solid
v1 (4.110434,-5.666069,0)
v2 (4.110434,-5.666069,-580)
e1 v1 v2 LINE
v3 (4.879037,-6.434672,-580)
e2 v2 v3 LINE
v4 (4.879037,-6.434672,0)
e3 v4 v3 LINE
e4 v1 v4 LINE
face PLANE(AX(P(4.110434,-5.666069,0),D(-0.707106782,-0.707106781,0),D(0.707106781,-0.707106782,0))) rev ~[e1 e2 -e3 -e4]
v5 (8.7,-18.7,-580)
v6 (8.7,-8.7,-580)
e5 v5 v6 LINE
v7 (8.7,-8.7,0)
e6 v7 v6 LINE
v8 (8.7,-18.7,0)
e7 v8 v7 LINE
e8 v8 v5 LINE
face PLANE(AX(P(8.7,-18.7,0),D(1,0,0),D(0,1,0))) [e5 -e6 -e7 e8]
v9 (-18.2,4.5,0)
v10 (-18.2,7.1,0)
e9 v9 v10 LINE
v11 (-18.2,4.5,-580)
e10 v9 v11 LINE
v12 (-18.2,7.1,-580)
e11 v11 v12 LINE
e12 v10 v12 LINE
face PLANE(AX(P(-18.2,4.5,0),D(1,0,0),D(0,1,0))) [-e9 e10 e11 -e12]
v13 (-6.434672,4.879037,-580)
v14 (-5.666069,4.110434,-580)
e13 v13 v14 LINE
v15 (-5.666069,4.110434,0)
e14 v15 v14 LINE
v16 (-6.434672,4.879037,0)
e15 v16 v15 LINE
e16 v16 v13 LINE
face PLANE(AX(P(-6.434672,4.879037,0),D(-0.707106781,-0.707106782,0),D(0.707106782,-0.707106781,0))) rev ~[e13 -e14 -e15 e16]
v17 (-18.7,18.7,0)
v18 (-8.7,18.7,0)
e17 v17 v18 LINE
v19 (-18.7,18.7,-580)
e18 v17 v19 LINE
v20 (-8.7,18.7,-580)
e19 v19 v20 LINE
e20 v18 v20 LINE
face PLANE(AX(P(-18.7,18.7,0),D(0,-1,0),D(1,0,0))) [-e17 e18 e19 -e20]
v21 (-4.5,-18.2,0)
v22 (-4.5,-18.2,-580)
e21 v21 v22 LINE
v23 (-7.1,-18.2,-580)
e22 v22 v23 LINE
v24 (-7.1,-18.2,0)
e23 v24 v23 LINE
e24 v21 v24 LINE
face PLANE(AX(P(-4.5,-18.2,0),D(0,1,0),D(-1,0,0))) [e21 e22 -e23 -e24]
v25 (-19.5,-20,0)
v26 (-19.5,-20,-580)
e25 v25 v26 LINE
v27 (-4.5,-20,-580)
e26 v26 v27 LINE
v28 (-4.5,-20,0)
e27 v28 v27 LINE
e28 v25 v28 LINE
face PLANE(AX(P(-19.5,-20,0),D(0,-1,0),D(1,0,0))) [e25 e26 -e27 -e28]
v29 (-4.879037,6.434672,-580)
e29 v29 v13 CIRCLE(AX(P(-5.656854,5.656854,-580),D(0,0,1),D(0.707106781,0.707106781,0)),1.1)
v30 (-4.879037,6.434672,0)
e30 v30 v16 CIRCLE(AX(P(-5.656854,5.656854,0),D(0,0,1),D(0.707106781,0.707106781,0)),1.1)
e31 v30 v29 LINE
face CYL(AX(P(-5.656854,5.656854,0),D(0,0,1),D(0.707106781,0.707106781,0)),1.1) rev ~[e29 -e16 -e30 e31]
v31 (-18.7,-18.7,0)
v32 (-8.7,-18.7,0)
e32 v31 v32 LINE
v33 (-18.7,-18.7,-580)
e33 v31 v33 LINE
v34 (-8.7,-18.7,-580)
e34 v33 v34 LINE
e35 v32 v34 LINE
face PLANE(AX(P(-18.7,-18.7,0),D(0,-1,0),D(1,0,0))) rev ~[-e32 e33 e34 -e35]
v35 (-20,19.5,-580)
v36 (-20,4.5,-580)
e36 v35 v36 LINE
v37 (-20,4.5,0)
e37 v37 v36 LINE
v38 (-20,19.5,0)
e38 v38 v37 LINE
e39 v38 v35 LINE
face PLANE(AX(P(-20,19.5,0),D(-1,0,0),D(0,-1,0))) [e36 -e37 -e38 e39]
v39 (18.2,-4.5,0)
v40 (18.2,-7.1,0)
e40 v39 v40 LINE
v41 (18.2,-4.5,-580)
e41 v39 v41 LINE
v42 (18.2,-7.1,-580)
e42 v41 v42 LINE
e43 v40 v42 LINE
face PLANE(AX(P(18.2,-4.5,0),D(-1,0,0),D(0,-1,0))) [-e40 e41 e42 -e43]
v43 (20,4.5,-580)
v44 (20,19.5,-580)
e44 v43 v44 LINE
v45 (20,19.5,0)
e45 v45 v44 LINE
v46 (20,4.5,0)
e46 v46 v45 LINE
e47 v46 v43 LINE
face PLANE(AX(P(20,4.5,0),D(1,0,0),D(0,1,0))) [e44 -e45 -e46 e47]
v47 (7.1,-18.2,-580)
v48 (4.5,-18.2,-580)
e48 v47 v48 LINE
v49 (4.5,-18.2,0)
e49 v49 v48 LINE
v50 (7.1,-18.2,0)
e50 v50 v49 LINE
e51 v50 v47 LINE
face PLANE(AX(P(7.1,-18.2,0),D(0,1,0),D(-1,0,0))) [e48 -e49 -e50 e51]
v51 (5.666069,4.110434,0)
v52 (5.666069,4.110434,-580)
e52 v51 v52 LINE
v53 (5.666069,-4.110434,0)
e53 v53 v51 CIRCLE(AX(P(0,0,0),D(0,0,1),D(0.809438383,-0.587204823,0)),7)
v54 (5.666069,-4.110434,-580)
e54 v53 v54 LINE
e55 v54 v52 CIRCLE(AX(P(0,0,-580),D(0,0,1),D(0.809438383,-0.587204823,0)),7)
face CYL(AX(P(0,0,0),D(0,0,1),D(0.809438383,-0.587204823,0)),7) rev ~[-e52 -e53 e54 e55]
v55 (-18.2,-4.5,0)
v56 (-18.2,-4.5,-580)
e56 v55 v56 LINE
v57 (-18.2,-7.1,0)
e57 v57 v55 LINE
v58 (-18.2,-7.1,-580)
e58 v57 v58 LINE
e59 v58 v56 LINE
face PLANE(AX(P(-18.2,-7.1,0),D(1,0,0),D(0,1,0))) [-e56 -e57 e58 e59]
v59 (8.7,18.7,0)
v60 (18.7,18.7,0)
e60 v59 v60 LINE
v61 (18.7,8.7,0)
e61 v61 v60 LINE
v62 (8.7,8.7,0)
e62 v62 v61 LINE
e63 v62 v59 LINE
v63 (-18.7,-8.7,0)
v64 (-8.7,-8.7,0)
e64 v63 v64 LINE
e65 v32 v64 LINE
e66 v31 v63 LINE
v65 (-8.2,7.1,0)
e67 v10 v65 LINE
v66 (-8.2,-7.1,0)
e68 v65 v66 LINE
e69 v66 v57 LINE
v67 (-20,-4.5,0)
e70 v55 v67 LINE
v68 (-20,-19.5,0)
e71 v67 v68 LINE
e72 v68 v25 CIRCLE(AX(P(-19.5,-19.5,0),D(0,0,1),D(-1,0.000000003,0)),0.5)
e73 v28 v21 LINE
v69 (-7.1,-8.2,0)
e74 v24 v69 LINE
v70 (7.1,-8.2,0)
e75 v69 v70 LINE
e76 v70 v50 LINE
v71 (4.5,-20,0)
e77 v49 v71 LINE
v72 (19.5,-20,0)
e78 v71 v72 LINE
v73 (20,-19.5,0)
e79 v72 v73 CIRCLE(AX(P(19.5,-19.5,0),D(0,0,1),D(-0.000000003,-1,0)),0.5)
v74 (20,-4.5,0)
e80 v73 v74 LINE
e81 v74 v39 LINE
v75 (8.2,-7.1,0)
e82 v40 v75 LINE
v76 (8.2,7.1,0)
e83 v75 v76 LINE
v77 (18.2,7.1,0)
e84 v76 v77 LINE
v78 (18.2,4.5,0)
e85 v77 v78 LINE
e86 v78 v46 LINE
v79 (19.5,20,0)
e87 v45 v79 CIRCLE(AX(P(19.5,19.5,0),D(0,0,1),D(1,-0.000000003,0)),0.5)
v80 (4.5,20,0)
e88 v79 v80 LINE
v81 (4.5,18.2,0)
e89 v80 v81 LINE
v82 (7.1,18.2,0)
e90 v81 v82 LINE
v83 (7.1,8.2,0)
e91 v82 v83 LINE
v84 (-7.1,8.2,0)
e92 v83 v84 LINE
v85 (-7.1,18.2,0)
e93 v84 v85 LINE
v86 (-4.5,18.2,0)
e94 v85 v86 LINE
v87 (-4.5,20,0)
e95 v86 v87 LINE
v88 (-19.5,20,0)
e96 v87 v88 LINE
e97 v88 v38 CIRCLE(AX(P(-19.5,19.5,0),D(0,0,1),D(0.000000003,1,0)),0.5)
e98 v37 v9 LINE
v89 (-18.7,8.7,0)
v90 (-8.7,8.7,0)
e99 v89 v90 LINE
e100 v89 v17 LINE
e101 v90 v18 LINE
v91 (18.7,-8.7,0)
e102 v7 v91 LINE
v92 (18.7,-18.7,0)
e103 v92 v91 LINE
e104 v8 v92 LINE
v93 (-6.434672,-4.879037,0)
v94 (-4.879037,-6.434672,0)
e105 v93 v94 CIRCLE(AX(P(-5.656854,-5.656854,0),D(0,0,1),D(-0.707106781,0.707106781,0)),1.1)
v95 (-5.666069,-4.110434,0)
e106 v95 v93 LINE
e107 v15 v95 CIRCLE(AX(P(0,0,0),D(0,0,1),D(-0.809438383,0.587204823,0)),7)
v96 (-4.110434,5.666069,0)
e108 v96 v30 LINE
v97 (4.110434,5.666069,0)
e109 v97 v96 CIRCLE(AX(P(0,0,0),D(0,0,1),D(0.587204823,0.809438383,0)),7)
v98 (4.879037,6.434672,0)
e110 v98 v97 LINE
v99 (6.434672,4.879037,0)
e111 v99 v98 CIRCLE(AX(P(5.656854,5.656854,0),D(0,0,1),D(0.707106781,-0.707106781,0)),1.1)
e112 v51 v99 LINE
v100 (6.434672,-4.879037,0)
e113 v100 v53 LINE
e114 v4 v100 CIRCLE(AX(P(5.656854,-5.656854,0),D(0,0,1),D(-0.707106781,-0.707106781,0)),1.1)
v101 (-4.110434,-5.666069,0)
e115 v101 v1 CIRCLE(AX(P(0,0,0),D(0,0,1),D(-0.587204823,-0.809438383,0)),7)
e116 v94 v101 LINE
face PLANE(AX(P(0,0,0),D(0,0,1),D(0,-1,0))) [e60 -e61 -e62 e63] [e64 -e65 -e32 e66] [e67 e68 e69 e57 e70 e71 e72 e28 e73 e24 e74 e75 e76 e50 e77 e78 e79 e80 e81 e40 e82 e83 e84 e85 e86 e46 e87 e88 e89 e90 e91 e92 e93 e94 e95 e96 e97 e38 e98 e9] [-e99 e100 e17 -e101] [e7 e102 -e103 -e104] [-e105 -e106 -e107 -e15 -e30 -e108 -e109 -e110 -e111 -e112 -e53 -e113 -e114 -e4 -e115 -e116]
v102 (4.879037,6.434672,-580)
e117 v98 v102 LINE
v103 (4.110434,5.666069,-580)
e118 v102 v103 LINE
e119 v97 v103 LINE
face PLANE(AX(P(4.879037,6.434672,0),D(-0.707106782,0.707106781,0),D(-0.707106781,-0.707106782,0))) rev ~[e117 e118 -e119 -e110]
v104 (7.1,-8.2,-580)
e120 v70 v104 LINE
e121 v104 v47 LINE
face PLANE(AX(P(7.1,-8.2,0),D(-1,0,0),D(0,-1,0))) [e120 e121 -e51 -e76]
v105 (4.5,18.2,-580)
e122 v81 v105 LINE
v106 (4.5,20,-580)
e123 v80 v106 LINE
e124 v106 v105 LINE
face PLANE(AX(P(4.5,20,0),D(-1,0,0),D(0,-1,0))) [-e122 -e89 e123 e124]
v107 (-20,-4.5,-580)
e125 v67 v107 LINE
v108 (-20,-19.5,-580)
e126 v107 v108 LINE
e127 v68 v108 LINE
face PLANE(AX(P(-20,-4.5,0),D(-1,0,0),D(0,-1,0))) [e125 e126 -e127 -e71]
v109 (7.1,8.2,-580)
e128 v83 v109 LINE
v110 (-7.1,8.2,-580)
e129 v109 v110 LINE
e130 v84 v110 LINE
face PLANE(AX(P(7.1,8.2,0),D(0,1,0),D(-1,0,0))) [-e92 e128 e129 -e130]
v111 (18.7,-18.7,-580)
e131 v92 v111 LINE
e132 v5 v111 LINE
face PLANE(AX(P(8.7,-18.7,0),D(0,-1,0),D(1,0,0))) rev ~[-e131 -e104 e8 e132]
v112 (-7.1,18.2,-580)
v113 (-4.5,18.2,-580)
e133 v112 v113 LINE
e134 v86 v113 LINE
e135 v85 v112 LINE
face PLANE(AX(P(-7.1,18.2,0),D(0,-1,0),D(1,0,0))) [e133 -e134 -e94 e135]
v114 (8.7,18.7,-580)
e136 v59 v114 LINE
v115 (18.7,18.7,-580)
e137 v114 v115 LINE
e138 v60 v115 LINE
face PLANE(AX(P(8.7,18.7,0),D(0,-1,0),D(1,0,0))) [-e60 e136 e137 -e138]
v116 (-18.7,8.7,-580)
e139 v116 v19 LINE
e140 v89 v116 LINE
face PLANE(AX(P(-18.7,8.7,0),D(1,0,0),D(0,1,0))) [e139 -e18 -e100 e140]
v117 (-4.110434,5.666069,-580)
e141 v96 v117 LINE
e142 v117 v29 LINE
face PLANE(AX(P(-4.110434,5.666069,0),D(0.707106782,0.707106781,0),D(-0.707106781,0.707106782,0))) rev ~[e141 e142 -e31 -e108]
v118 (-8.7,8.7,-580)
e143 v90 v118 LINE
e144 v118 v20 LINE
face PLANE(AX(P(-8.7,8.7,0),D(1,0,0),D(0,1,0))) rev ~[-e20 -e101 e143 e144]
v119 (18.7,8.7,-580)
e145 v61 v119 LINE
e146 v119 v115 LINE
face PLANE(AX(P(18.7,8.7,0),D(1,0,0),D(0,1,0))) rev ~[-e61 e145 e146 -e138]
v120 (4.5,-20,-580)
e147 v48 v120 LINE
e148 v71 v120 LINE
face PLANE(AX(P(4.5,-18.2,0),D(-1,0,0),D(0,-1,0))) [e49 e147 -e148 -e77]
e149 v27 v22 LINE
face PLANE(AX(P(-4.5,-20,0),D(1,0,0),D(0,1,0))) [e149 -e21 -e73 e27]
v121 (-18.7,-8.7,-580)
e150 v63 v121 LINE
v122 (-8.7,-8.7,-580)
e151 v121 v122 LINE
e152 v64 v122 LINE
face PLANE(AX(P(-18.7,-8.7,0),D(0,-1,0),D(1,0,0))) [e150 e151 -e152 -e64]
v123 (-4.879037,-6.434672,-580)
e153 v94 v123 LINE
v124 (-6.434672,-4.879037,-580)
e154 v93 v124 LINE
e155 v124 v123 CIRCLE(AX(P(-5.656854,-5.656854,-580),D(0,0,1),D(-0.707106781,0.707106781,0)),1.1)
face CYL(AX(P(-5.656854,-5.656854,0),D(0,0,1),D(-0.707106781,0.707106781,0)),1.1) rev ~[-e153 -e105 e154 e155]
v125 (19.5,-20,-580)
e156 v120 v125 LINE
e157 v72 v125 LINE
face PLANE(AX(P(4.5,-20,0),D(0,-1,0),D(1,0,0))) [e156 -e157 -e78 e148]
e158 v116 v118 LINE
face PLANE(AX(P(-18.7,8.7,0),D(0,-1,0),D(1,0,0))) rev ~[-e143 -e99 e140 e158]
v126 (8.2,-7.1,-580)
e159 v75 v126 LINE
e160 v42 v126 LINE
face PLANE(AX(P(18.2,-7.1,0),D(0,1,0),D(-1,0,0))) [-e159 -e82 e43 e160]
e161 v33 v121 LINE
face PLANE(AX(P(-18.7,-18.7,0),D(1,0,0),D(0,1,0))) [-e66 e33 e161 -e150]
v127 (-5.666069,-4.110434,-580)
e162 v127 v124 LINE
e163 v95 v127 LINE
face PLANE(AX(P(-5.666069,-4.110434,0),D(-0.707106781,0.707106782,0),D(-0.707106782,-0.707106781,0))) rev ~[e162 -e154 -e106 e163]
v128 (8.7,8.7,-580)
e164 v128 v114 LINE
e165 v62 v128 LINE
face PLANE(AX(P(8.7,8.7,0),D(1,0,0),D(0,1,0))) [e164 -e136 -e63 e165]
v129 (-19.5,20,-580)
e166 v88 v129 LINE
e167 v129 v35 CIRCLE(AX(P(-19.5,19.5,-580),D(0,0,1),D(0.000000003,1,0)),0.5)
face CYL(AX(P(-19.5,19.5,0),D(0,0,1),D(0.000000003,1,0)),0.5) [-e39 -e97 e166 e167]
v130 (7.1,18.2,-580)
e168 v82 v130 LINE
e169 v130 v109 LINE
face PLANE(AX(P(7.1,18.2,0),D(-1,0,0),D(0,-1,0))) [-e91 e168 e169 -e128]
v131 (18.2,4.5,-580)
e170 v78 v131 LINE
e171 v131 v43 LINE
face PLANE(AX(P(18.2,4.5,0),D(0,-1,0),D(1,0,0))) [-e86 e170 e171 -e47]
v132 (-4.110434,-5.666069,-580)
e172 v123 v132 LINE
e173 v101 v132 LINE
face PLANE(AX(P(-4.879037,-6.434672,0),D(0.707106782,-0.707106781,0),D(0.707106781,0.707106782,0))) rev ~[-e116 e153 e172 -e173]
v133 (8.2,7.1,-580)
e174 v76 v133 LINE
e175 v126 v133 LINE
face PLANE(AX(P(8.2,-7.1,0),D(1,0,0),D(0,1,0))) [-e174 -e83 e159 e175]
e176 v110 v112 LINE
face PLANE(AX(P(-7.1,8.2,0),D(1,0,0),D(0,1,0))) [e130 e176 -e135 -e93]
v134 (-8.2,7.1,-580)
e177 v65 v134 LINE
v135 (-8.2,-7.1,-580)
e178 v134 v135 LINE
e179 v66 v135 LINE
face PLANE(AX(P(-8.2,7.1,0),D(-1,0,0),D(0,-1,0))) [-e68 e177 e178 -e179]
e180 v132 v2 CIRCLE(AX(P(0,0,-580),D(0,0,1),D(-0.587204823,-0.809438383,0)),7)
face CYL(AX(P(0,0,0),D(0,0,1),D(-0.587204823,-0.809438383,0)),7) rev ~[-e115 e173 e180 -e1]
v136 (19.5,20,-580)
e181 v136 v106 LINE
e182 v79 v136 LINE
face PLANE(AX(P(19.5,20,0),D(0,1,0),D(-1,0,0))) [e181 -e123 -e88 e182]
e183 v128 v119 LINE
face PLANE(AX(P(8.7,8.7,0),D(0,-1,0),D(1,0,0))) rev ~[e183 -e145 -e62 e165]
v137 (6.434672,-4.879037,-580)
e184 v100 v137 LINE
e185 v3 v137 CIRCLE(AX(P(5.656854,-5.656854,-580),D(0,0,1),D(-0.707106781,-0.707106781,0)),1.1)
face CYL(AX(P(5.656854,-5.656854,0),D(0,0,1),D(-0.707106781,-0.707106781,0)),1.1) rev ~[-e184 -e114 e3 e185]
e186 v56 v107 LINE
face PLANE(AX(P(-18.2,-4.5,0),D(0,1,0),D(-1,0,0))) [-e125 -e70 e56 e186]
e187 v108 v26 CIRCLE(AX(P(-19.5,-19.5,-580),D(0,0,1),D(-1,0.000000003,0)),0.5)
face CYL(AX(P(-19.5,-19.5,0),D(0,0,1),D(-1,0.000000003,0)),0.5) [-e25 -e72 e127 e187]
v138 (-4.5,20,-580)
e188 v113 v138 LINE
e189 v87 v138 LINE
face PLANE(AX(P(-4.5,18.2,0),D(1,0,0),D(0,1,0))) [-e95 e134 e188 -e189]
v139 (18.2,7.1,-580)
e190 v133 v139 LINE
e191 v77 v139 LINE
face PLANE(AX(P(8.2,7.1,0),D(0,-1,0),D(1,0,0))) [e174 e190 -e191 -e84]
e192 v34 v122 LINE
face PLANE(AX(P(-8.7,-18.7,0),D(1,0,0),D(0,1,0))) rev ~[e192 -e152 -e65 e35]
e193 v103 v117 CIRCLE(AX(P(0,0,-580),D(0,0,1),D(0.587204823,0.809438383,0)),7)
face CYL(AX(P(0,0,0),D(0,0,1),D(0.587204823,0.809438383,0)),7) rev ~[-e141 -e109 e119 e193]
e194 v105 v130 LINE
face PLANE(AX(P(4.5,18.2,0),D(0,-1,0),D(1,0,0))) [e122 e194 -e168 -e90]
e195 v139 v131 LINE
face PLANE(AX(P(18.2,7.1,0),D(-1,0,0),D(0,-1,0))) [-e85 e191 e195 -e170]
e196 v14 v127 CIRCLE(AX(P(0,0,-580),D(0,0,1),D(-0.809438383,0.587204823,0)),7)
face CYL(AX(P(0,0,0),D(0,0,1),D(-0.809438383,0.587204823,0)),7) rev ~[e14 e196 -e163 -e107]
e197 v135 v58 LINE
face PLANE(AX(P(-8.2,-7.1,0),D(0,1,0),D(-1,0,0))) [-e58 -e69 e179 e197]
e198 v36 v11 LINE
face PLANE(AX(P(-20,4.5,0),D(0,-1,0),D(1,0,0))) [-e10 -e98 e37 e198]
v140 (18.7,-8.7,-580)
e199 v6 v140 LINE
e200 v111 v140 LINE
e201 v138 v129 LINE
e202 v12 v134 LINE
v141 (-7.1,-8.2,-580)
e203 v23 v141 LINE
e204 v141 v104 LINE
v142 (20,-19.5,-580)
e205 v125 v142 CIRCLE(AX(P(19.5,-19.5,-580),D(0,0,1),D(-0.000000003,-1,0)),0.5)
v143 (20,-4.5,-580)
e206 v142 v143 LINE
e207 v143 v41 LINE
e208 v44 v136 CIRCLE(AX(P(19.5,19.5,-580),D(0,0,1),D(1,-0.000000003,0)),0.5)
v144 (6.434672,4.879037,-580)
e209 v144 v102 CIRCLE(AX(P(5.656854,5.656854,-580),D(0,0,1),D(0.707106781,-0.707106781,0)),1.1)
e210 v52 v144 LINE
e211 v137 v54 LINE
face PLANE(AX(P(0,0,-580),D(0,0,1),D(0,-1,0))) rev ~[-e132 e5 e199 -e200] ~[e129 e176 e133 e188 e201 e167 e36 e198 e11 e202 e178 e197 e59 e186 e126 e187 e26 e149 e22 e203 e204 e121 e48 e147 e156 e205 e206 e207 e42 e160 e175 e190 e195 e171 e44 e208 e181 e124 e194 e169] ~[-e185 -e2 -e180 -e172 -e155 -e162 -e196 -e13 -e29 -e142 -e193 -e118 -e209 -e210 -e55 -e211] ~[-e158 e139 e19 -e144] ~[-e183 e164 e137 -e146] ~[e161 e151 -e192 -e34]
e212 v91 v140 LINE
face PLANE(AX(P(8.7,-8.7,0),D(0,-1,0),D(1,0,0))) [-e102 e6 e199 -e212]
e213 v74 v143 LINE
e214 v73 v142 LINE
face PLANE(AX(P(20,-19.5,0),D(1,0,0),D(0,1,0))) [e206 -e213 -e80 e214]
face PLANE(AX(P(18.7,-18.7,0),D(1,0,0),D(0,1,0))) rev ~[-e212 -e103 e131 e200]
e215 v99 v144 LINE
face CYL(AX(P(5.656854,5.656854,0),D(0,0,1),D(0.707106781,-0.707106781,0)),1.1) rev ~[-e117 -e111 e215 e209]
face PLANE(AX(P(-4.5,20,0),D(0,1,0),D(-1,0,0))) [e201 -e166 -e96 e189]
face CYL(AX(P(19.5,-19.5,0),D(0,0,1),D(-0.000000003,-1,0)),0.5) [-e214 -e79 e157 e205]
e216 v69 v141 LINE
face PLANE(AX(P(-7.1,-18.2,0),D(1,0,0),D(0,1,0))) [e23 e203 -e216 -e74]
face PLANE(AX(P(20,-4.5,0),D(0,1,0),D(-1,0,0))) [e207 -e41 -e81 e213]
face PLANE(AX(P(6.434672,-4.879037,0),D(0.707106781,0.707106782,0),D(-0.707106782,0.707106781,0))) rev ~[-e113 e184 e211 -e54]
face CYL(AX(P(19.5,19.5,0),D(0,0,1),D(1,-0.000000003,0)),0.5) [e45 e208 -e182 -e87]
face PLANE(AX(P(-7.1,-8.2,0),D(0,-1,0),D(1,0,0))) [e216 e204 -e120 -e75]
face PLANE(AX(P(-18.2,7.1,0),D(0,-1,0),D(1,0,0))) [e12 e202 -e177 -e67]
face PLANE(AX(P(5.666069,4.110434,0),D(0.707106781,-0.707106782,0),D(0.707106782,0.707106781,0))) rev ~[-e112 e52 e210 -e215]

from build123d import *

# Parameters (mm, degrees)
SKETCH1_W                 = 10
SKETCH1_H                 = 10
F_40_X_40A_X_R0_5_1_DEPTH = 580


with BuildPart() as part:
    # Sketch1 → 铝型材 40 X 40A X R0.5(1) (new body)
    with BuildSketch(Plane.YX):
        with BuildLine():
            Line((-19.5, 20), (-4.5, 20))
            Line((-4.5, 20), (-4.5, 18.2))
            Line((-4.5, 18.2), (-7.1, 18.2))
            Line((-7.1, 18.2), (-7.1, 8.2))
            Line((-7.1, 8.2), (7.1, 8.2))
            Line((7.1, 8.2), (7.1, 18.2))
            Line((7.1, 18.2), (4.5, 18.2))
            Line((4.5, 18.2), (4.5, 20))
            Line((4.5, 20), (19.5, 20))
            ThreePointArc((19.5, 20), (19.853553391, 19.853553391), (20, 19.5))
            Line((20, 19.5), (20, 4.5))
            Line((20, 4.5), (18.2, 4.5))
            Line((18.2, 4.5), (18.2, 7.1))
            Line((18.2, 7.1), (8.2, 7.1))
            Line((8.2, 7.1), (8.2, -7.1))
            Line((8.2, -7.1), (18.2, -7.1))
            Line((18.2, -7.1), (18.2, -4.5))
            Line((18.2, -4.5), (20, -4.5))
            Line((20, -4.5), (20, -19.5))
            ThreePointArc((20, -19.5), (19.853553391, -19.853553391), (19.5, -20))
            Line((19.5, -20), (4.5, -20))
            Line((4.5, -20), (4.5, -18.2))
            Line((4.5, -18.2), (7.1, -18.2))
            Line((7.1, -18.2), (7.1, -8.2))
            Line((7.1, -8.2), (-7.1, -8.2))
            Line((-7.1, -8.2), (-7.1, -18.2))
            Line((-7.1, -18.2), (-4.5, -18.2))
            Line((-4.5, -18.2), (-4.5, -20))
            Line((-4.5, -20), (-19.5, -20))
            ThreePointArc((-19.5, -20), (-19.853553391, -19.853553391), (-20, -19.5))
            Line((-20, -19.5), (-20, -4.5))
            Line((-20, -4.5), (-18.2, -4.5))
            Line((-18.2, -4.5), (-18.2, -7.1))
            Line((-18.2, -7.1), (-8.2, -7.1))
            Line((-8.2, -7.1), (-8.2, 7.1))
            Line((-8.2, 7.1), (-18.2, 7.1))
            Line((-18.2, 7.1), (-18.2, 4.5))
            Line((-18.2, 4.5), (-20, 4.5))
            Line((-20, 4.5), (-20, 19.5))
            ThreePointArc((-20, 19.5), (-19.853553391, 19.853553391), (-19.5, 20))
        make_face()
        with BuildLine():
            Line((-4.87903679, 6.434671709), (-4.110433762, 5.66606868))
            ThreePointArc((-4.110433762, 5.66606868), (0, 7), (4.110433762, 5.66606868))
            Line((4.110433762, 5.66606868), (4.87903679, 6.434671709))
            ThreePointArc((4.87903679, 6.434671709), (6.434671709, 6.434671709), (6.434671709, 4.87903679))
            Line((6.434671709, 4.87903679), (5.66606868, 4.110433762))
            ThreePointArc((5.66606868, 4.110433762), (7, 0), (5.66606868, -4.110433762))
            Line((5.66606868, -4.110433762), (6.434671709, -4.87903679))
            ThreePointArc((6.434671709, -4.87903679), (6.434671709, -6.434671709), (4.87903679, -6.434671709))
            Line((4.87903679, -6.434671709), (4.110433762, -5.66606868))
            ThreePointArc((4.110433762, -5.66606868), (0, -7), (-4.110433762, -5.66606868))
            Line((-4.110433762, -5.66606868), (-4.87903679, -6.434671709))
            ThreePointArc((-4.87903679, -6.434671709), (-6.434671709, -6.434671709), (-6.434671709, -4.87903679))
            Line((-6.434671709, -4.87903679), (-5.66606868, -4.110433762))
            ThreePointArc((-5.66606868, -4.110433762), (-7, 0), (-5.66606868, 4.110433762))
            Line((-5.66606868, 4.110433762), (-6.434671709, 4.87903679))
            ThreePointArc((-6.434671709, 4.87903679), (-6.434671709, 6.434671709), (-4.87903679, 6.434671709))
        make_face(mode=Mode.SUBTRACT)
        with Locations((-13.7, 13.7)):
            Rectangle(SKETCH1_W, SKETCH1_H, mode=Mode.SUBTRACT)
        with Locations((13.7, 13.7)):
            Rectangle(SKETCH1_W, SKETCH1_H, mode=Mode.SUBTRACT)
        with Locations((13.7, -13.7)):
            Rectangle(SKETCH1_W, SKETCH1_H, mode=Mode.SUBTRACT)
        with Locations((-13.7, -13.7)):
            Rectangle(SKETCH1_W, SKETCH1_H, mode=Mode.SUBTRACT)
    extrude(amount=F_40_X_40A_X_R0_5_1_DEPTH)


solid = part.part
